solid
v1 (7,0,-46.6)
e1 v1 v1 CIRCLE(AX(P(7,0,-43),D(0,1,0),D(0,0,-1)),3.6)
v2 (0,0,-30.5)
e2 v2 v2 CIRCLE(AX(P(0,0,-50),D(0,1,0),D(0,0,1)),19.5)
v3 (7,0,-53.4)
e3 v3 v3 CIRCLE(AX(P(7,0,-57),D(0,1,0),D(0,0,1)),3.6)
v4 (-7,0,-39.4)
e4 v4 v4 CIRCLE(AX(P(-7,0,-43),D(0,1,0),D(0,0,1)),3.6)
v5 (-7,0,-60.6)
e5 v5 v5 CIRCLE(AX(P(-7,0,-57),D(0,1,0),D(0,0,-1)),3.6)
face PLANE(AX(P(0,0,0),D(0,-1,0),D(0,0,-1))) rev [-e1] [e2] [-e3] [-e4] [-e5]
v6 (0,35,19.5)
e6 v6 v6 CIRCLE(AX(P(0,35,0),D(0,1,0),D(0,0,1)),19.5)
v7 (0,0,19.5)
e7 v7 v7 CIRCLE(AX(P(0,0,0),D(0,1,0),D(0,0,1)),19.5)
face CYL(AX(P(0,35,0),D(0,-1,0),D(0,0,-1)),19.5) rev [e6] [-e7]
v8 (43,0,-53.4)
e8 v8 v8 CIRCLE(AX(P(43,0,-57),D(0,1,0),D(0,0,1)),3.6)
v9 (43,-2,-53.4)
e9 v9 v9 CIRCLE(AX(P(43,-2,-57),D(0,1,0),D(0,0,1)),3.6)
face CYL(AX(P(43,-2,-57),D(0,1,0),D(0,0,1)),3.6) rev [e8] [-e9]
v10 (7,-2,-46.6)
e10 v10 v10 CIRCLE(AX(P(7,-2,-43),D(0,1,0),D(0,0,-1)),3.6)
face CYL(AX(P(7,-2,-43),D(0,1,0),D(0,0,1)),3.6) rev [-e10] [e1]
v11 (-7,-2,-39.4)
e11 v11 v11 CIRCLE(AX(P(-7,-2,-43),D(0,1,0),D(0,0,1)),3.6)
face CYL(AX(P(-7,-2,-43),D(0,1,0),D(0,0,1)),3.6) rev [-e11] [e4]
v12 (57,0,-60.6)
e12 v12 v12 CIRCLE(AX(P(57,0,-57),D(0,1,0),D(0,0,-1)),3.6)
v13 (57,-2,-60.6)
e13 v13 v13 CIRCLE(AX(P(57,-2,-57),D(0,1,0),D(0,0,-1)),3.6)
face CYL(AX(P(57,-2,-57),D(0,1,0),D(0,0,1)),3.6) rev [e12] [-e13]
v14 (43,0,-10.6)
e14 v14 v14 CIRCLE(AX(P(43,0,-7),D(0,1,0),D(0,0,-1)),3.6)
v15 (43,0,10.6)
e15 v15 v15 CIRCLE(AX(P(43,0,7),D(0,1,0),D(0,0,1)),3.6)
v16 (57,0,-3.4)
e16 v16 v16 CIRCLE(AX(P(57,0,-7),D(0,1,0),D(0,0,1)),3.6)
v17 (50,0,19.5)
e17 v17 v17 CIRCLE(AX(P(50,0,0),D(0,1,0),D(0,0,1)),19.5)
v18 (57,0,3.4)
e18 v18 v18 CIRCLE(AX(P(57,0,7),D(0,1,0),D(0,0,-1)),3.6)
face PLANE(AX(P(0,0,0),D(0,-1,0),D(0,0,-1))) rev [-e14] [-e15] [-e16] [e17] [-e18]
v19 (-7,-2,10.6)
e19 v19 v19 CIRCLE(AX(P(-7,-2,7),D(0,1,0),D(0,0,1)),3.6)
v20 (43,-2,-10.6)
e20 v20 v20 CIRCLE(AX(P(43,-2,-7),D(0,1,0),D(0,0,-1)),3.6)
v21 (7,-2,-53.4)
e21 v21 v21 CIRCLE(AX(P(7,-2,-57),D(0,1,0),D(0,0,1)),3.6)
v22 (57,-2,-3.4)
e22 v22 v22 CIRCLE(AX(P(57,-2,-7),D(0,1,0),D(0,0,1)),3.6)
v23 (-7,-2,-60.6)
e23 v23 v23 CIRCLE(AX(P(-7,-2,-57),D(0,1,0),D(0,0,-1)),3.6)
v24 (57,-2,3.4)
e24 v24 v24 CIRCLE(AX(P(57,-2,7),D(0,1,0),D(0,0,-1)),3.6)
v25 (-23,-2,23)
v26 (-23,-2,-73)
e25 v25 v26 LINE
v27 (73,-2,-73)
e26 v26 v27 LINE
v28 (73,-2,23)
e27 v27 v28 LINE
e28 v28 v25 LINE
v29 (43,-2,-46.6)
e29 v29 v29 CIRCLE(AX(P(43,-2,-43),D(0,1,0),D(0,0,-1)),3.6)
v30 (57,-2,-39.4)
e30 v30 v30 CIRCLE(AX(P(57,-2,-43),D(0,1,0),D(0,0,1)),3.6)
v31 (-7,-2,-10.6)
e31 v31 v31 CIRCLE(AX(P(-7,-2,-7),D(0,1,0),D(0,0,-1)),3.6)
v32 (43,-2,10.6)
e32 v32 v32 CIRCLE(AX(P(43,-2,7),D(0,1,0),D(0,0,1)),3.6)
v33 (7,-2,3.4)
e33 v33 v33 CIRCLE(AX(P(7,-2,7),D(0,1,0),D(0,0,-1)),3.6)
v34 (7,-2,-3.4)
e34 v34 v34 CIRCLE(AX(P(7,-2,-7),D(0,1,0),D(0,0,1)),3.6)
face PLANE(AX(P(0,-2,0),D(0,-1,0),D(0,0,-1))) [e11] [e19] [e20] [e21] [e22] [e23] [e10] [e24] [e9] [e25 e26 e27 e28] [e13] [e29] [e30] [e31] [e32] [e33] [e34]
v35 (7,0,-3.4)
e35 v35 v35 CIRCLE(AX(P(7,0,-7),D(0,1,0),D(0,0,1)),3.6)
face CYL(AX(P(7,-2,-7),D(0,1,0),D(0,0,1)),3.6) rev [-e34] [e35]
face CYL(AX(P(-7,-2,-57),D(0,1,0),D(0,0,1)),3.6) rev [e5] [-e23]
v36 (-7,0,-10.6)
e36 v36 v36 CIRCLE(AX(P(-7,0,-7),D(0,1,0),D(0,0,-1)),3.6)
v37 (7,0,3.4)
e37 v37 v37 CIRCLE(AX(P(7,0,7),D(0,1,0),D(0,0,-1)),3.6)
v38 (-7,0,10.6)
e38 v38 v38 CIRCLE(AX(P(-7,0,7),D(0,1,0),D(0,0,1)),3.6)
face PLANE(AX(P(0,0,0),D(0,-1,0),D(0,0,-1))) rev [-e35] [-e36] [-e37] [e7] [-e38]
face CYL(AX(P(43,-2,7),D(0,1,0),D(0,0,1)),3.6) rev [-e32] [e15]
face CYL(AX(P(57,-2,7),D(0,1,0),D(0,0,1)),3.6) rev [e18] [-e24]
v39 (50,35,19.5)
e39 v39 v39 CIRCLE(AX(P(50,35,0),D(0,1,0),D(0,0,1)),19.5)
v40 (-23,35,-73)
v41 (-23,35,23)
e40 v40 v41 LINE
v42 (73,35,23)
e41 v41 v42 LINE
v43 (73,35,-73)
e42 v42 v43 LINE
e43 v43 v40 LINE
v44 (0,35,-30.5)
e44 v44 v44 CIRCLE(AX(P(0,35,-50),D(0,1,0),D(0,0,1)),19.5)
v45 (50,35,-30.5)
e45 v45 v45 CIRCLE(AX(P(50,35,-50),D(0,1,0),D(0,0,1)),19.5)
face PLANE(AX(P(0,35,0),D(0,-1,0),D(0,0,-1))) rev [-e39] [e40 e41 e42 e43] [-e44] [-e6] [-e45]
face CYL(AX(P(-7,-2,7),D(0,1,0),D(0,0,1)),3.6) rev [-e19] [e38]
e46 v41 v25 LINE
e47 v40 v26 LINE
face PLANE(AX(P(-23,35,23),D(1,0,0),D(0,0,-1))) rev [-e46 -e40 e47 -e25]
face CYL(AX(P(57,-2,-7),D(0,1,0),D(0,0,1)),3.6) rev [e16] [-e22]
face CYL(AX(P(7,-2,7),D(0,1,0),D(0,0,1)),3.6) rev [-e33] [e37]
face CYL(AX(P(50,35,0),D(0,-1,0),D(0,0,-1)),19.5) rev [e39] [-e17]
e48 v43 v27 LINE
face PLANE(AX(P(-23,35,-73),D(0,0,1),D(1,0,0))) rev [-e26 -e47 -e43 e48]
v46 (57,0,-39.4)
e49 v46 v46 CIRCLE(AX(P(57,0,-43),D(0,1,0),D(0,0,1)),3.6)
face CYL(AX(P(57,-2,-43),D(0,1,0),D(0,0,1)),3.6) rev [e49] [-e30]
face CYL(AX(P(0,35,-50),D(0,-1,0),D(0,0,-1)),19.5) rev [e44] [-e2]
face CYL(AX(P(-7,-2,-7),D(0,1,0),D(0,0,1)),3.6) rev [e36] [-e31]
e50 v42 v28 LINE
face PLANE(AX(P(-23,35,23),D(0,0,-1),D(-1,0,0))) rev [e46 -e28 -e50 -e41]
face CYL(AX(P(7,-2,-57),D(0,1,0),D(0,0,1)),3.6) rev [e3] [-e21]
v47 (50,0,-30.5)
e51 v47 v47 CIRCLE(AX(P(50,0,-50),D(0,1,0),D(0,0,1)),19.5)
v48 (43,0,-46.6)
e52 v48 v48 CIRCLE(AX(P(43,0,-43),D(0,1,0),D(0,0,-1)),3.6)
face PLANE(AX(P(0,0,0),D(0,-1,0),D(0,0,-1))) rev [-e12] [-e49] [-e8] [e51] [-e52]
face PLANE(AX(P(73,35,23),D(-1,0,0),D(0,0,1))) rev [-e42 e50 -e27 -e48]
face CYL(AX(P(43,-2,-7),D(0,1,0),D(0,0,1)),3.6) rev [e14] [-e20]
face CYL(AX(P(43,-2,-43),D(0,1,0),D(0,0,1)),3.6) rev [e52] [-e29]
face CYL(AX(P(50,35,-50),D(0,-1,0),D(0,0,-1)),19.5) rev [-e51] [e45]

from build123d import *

# Parameters (mm, degrees)
SKETCH1_W           = 96
SKETCH1_H           = 96
SKETCH1_R           = 19.5
BOSS_EXTRUDE1_DEPTH = 35
SKETCH2_W           = 96
SKETCH2_H           = 96
BOSS_EXTRUDE2_DEPTH = 2
SKETCH3_R           = 3.6
CUT_EXTRUDE1_DEPTH  = 110.009173926


with BuildPart() as part:
    # Sketch1 → Boss-Extrude1 (new body)
    with BuildSketch(Plane(origin=(0, 0, 0), x_dir=(1, 0, 0), z_dir=(0, 1, 0))):
        with Locations((25, 25)):
            Rectangle(SKETCH1_W, SKETCH1_H)
        with Locations(Location((0, 0, 0), (0, 0, 270))):
            Circle(SKETCH1_R, mode=Mode.SUBTRACT)
        with Locations(Location((50, 0, 0), (0, 0, 270))):
            Circle(SKETCH1_R, mode=Mode.SUBTRACT)
        with Locations(Location((50, 50, 0), (0, 0, 270))):
            Circle(SKETCH1_R, mode=Mode.SUBTRACT)
        with Locations(Location((0, 50, 0), (0, 0, 270))):
            Circle(SKETCH1_R, mode=Mode.SUBTRACT)
    extrude(amount=BOSS_EXTRUDE1_DEPTH)

    # Sketch2 → Boss-Extrude2 (add)
    with BuildSketch(Plane.XZ):
        with Locations((25, -25)):
            Rectangle(SKETCH2_W, SKETCH2_H)
    extrude(amount=BOSS_EXTRUDE2_DEPTH)

    # Sketch3 → Cut-Extrude1 (cut, through all)
    with BuildSketch(Plane(origin=(0, 0, 0), x_dir=(1, 0, 0), z_dir=(0, 1, 0))):
        with Locations(Location((57, 43, 0), (0, 0, 270))):
            Circle(SKETCH3_R)
        with Locations(Location((57, 57, 0), (0, 0, 90))):
            Circle(SKETCH3_R)
        with Locations(Location((43, 43, 0), (0, 0, 90))):
            Circle(SKETCH3_R)
        with Locations(Location((43, 57, 0), (0, 0, 270))):
            Circle(SKETCH3_R)
        with Locations(Location((57, 7, 0), (0, 0, 270))):
            Circle(SKETCH3_R)
        with Locations(Location((43, 7, 0), (0, 0, 90))):
            Circle(SKETCH3_R)
        with Locations(Location((43, -7, 0), (0, 0, 270))):
            Circle(SKETCH3_R)
        with Locations(Location((57, -7, 0), (0, 0, 90))):
            Circle(SKETCH3_R)
        with Locations(Location((7, 7, 0), (0, 0, 270))):
            Circle(SKETCH3_R)
        with Locations(Location((7, -7, 0), (0, 0, 90))):
            Circle(SKETCH3_R)
        with Locations(Location((-7, -7, 0), (0, 0, 270))):
            Circle(SKETCH3_R)
        with Locations(Location((-7, 7, 0), (0, 0, 90))):
            Circle(SKETCH3_R)
        with Locations(Location((7, 57, 0), (0, 0, 270))):
            Circle(SKETCH3_R)
        with Locations(Location((7, 43, 0), (0, 0, 90))):
            Circle(SKETCH3_R)
        with Locations(Location((-7, 43, 0), (0, 0, 270))):
            Circle(SKETCH3_R)
        with Locations(Location((-7, 57, 0), (0, 0, 90))):
            Circle(SKETCH3_R)
    extrude(amount=-CUT_EXTRUDE1_DEPTH, mode=Mode.SUBTRACT)


solid = part.part
